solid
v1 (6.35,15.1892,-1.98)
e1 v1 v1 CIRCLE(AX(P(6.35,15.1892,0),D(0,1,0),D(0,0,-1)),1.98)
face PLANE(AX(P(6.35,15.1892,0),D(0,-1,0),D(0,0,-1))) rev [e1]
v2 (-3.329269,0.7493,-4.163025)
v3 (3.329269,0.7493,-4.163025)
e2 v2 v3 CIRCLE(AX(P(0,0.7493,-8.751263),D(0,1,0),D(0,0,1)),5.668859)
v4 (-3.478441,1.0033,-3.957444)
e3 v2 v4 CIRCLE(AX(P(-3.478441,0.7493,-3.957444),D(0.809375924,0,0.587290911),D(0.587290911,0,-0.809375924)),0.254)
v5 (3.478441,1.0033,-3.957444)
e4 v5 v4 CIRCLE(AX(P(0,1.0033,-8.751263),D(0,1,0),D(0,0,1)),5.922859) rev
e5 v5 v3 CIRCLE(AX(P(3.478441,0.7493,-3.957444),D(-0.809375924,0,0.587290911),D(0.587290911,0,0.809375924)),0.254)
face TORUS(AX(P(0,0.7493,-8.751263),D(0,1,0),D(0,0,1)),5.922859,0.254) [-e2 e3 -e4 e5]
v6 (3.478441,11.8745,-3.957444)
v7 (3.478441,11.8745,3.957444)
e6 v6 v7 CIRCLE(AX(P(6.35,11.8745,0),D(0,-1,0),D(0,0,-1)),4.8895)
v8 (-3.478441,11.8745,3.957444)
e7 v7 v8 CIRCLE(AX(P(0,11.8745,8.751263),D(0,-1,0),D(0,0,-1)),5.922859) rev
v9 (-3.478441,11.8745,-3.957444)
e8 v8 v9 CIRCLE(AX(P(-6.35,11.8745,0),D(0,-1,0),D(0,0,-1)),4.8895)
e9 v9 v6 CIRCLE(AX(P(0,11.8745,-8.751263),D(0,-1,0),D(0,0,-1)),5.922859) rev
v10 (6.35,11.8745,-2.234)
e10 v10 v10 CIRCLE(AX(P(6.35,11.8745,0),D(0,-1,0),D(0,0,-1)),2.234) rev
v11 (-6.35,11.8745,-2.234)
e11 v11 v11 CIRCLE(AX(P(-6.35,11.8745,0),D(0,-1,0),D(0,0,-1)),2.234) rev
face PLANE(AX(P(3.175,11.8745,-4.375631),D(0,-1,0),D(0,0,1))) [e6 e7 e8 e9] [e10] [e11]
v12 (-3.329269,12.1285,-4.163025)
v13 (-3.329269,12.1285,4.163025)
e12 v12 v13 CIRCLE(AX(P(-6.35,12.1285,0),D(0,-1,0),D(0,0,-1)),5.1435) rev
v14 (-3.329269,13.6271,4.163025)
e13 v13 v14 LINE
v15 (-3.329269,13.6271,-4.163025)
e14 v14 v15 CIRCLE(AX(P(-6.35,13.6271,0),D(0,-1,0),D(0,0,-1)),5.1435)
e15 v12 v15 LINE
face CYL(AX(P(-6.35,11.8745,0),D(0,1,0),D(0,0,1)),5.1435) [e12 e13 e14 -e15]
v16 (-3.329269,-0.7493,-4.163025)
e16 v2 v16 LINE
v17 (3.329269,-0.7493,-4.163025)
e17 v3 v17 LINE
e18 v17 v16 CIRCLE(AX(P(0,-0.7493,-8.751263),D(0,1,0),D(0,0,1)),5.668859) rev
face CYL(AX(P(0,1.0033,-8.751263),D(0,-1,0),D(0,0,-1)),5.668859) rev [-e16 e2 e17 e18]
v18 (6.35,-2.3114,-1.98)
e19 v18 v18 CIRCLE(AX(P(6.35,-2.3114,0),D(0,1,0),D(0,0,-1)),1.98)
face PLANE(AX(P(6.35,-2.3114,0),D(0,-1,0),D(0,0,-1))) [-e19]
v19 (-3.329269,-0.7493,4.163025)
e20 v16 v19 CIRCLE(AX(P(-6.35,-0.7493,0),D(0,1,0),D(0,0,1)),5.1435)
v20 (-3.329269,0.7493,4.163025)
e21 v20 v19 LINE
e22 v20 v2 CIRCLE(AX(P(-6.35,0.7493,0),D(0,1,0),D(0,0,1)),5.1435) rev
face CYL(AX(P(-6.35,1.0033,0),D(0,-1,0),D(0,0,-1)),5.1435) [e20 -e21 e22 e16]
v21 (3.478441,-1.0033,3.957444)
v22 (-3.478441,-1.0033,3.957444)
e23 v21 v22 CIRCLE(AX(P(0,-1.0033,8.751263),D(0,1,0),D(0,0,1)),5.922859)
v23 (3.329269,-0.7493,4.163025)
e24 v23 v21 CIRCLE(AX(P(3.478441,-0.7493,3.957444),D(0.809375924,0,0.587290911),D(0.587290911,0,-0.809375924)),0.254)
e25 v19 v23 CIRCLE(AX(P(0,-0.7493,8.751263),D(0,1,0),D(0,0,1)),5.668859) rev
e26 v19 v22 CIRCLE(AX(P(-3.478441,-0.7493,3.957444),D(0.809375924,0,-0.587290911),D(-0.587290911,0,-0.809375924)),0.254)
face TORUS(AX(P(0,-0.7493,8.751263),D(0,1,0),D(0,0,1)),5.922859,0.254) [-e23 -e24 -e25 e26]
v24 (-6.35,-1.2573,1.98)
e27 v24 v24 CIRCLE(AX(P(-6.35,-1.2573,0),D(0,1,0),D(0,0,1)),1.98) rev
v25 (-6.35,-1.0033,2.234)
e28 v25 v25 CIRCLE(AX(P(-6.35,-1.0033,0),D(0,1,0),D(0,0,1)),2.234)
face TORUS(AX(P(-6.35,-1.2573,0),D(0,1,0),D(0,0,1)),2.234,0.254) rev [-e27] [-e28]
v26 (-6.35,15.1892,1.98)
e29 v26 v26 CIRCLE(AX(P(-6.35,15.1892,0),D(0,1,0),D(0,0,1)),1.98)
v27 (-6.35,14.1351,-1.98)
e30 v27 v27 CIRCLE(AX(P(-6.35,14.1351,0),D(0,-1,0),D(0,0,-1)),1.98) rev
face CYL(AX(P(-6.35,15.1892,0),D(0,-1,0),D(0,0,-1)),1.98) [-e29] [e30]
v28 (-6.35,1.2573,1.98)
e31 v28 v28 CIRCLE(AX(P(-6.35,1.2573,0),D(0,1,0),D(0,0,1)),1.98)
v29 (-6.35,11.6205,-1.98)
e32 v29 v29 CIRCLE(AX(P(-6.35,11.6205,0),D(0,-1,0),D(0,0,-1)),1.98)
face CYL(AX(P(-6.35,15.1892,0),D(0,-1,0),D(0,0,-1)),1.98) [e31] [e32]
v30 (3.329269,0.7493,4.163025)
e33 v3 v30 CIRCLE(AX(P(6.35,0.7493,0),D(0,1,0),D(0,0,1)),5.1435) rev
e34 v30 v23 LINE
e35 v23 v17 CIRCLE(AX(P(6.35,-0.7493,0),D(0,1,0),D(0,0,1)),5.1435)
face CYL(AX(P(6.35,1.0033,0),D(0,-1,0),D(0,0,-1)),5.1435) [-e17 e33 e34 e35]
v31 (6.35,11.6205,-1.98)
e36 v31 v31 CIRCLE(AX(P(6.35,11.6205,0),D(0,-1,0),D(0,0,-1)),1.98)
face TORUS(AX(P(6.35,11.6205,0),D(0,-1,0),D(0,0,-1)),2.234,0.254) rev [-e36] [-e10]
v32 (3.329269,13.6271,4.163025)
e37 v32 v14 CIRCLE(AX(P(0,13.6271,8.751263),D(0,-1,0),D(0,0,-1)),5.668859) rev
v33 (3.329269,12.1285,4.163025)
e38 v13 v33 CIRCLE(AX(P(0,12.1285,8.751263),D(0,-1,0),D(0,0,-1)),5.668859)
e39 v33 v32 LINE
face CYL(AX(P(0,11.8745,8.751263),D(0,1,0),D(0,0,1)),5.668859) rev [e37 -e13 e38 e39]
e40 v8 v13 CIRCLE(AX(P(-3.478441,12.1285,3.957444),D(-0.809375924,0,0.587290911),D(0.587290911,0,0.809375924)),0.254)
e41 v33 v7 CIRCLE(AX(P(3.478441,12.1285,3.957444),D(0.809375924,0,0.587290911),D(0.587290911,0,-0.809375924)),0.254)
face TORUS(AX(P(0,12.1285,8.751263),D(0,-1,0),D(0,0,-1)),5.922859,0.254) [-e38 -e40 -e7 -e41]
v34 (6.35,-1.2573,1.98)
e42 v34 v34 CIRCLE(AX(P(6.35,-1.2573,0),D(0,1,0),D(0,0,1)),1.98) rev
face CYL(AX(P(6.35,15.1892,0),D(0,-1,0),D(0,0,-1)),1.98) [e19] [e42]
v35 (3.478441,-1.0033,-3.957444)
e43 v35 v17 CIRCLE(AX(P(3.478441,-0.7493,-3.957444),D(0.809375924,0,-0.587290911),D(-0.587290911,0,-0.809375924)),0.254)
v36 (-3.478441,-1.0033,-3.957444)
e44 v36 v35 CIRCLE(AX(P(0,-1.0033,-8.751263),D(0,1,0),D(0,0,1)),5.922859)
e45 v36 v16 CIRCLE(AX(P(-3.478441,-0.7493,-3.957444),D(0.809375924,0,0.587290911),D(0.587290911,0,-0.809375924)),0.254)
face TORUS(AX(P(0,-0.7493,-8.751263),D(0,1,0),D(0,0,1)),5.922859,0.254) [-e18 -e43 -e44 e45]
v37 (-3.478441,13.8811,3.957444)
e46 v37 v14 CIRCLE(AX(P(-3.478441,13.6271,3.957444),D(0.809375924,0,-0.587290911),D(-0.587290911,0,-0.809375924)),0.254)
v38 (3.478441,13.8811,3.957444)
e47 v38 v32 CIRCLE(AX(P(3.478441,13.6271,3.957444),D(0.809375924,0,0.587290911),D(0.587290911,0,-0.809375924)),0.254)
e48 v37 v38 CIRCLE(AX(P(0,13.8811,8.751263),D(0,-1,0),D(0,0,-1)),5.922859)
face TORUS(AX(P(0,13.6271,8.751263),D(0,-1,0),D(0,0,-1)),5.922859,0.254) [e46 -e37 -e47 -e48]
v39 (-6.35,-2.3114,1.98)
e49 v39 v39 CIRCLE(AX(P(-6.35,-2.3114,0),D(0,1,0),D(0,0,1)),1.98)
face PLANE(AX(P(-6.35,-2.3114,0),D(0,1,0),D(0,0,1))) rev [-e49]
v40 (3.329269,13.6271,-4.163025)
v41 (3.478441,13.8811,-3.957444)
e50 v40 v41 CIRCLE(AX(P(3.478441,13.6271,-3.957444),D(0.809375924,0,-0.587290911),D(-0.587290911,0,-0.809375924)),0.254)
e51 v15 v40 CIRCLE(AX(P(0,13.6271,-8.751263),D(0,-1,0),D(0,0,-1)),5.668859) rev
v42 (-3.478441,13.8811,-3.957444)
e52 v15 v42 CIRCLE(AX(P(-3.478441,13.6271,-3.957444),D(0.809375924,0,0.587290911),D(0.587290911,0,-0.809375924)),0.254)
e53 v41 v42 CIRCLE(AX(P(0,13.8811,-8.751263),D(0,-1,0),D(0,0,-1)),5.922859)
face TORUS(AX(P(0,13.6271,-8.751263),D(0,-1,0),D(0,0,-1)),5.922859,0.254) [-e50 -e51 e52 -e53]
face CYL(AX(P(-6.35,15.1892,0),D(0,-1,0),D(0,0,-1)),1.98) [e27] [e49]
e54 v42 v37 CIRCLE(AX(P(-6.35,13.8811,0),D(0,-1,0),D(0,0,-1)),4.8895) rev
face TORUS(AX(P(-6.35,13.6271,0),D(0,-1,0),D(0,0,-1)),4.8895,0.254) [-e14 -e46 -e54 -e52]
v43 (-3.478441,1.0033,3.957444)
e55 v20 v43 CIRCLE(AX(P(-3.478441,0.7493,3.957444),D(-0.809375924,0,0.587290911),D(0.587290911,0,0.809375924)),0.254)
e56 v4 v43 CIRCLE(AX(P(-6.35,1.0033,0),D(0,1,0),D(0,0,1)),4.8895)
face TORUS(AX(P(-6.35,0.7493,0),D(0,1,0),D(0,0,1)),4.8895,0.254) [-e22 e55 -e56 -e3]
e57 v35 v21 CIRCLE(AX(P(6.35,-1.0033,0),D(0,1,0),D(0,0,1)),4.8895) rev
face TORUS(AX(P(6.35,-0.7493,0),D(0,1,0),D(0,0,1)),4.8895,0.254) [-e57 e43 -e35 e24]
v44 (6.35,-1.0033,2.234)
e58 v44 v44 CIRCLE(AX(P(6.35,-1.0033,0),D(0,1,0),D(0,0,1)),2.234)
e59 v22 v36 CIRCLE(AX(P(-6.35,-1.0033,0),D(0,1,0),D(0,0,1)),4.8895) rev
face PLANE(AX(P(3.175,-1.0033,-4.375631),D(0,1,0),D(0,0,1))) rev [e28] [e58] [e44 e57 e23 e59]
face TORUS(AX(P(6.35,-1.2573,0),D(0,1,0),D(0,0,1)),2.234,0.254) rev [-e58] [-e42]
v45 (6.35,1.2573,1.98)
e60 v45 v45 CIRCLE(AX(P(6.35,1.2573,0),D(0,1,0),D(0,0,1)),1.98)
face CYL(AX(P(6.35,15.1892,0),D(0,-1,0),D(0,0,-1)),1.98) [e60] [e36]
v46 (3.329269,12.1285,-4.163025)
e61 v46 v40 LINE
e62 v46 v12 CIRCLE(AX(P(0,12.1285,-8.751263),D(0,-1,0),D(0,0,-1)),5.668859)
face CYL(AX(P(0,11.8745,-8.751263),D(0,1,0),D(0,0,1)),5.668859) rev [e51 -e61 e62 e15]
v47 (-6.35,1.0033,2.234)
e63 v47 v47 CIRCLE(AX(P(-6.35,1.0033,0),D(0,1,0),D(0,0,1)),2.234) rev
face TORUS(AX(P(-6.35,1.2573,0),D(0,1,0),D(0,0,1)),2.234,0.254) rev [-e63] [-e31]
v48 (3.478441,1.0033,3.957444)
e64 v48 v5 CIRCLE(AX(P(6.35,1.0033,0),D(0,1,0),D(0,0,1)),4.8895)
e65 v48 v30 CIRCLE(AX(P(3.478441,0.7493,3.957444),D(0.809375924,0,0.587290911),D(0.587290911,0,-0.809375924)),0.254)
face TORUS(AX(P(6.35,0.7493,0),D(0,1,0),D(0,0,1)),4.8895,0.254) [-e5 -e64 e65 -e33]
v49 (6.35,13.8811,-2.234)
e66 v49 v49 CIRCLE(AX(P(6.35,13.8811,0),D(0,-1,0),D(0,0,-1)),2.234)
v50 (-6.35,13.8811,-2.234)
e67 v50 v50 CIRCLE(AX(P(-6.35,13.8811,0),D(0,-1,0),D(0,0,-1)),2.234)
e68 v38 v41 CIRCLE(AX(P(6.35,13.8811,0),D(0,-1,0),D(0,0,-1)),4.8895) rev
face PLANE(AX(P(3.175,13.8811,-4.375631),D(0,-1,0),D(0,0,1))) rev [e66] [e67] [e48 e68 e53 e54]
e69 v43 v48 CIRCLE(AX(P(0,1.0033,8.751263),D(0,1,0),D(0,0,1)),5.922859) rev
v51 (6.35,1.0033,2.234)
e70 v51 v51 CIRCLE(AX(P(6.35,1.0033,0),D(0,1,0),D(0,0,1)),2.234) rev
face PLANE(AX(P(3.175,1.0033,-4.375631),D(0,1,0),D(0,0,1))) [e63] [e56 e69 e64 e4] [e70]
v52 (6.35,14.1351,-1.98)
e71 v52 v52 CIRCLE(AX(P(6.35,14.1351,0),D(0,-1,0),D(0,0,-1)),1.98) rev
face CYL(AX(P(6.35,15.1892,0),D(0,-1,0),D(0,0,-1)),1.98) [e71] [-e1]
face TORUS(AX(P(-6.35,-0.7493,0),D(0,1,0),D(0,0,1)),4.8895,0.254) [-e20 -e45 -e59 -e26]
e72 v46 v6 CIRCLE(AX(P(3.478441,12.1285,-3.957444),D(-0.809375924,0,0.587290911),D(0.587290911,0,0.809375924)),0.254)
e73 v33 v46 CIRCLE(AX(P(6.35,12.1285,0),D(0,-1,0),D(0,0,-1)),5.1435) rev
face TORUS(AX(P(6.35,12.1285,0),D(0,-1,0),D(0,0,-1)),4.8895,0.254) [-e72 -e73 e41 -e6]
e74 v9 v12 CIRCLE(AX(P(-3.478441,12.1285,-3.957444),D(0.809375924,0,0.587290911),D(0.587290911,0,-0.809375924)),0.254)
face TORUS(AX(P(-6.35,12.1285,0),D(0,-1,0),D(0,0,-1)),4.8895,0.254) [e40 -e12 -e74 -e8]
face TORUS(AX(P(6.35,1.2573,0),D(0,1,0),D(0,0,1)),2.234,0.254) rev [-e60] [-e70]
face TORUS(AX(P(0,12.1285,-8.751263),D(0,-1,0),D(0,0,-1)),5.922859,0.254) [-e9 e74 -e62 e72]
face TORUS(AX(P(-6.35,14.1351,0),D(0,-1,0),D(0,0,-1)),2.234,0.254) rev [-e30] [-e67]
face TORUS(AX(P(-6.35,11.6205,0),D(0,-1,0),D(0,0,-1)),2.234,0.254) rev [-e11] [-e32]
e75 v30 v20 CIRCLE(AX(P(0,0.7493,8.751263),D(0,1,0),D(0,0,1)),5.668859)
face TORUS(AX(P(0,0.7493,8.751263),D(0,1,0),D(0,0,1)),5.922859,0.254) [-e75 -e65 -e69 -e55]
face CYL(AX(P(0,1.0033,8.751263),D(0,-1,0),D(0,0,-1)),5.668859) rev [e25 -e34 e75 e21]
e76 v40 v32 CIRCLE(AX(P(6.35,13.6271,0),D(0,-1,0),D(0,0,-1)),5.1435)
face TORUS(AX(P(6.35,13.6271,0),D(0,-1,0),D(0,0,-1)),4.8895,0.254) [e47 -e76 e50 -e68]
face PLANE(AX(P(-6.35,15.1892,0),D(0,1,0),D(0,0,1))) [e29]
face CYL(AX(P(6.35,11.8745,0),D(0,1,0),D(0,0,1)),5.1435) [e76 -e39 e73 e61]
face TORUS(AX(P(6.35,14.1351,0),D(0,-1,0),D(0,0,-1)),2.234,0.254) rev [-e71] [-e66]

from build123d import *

# Parameters (mm, degrees)
SKETCH2_R            = 1.98
BOSS_EXTRUDE1_DEPTH  = 1.0033
SKETCH5_R            = 1.98
BOSS_EXTRUDE2_DEPTH  = 8.7503
FILLET1_R            = 0.254
FILLET1_OF_MIRROR1_R = 0.254


with BuildPart() as part:
    # Sketch2 → Boss-Extrude1 (new body, symmetric)
    with BuildSketch(Plane(origin=(0, 0, 0), x_dir=(1, 0, 0), z_dir=(0, 1, 0))):
        with BuildLine():
            ThreePointArc((-3.329269201, 4.163025065), (-11.4935, 0), (-3.329269201, -4.163025065))
            ThreePointArc((-3.329269201, -4.163025065), (0, -3.082404108), (3.329269201, -4.163025065))
            ThreePointArc((3.329269201, -4.163025065), (11.4935, 0), (3.329269201, 4.163025065))
            ThreePointArc((3.329269201, 4.163025065), (0, 3.082404108), (-3.329269201, 4.163025065))
        make_face()
        with Locations((-6.35, 0)):
            Circle(SKETCH2_R, mode=Mode.SUBTRACT)
        with Locations((6.35, 0)):
            Circle(SKETCH2_R, mode=Mode.SUBTRACT)
    boss_extrude1 = extrude(amount=BOSS_EXTRUDE1_DEPTH, both=True)

    # Sketch5 → Boss-Extrude2 (add, symmetric)
    with BuildSketch(Plane(origin=(0, 6.4389, 0), x_dir=(1, 0, 0), z_dir=(0, 1, 0))):
        with Locations((-6.35, 0)):
            Circle(SKETCH5_R)
        with Locations((6.35, 0)):
            Circle(SKETCH5_R)
    extrude(amount=BOSS_EXTRUDE2_DEPTH, both=True)

    # Fillet1
    fillet1_edges = [part.edges().sort_by_distance(p)[0] for p in [
        (-8.33, 1.0033, 0),
        (0, 1.0033, 3.082404108),
        (4.37, 1.0033, 0),
        (11.4935, 1.0033, 0),
        (-8.33, -1.0033, 0),
        (4.37, -1.0033, 0),
        (0, 1.0033, -3.082404108),
        (11.4935, -1.0033, 0),
        (0, -1.0033, 3.082404108),
        (-11.4935, -1.0033, 0),
        (0, -1.0033, -3.082404108),
        (-11.4935, 1.0033, 0),
    ]]
    fillet(fillet1_edges, radius=FILLET1_R)

    # Mirror1: Boss-Extrude1 across plane
    add(boss_extrude1.mirror(Plane.ZX.offset(6.4389)))

    # Fillet1 of Mirror1
    fillet1_of_mirror1_edges = [part.edges().sort_by_distance(p)[0] for p in [
        (-8.33, 11.8745, 0),
        (0, 11.8745, 3.082404108),
        (4.37, 11.8745, 0),
        (11.4935, 11.8745, 0),
        (-8.33, 13.8811, 0),
        (4.37, 13.8811, 0),
        (0, 11.8745, -3.082404108),
        (11.4935, 13.8811, 0),
        (0, 13.8811, 3.082404108),
        (-11.4935, 13.8811, 0),
        (0, 13.8811, -3.082404108),
        (-11.4935, 11.8745, 0),
    ]]
    fillet(fillet1_of_mirror1_edges, radius=FILLET1_OF_MIRROR1_R)


solid = part.part
